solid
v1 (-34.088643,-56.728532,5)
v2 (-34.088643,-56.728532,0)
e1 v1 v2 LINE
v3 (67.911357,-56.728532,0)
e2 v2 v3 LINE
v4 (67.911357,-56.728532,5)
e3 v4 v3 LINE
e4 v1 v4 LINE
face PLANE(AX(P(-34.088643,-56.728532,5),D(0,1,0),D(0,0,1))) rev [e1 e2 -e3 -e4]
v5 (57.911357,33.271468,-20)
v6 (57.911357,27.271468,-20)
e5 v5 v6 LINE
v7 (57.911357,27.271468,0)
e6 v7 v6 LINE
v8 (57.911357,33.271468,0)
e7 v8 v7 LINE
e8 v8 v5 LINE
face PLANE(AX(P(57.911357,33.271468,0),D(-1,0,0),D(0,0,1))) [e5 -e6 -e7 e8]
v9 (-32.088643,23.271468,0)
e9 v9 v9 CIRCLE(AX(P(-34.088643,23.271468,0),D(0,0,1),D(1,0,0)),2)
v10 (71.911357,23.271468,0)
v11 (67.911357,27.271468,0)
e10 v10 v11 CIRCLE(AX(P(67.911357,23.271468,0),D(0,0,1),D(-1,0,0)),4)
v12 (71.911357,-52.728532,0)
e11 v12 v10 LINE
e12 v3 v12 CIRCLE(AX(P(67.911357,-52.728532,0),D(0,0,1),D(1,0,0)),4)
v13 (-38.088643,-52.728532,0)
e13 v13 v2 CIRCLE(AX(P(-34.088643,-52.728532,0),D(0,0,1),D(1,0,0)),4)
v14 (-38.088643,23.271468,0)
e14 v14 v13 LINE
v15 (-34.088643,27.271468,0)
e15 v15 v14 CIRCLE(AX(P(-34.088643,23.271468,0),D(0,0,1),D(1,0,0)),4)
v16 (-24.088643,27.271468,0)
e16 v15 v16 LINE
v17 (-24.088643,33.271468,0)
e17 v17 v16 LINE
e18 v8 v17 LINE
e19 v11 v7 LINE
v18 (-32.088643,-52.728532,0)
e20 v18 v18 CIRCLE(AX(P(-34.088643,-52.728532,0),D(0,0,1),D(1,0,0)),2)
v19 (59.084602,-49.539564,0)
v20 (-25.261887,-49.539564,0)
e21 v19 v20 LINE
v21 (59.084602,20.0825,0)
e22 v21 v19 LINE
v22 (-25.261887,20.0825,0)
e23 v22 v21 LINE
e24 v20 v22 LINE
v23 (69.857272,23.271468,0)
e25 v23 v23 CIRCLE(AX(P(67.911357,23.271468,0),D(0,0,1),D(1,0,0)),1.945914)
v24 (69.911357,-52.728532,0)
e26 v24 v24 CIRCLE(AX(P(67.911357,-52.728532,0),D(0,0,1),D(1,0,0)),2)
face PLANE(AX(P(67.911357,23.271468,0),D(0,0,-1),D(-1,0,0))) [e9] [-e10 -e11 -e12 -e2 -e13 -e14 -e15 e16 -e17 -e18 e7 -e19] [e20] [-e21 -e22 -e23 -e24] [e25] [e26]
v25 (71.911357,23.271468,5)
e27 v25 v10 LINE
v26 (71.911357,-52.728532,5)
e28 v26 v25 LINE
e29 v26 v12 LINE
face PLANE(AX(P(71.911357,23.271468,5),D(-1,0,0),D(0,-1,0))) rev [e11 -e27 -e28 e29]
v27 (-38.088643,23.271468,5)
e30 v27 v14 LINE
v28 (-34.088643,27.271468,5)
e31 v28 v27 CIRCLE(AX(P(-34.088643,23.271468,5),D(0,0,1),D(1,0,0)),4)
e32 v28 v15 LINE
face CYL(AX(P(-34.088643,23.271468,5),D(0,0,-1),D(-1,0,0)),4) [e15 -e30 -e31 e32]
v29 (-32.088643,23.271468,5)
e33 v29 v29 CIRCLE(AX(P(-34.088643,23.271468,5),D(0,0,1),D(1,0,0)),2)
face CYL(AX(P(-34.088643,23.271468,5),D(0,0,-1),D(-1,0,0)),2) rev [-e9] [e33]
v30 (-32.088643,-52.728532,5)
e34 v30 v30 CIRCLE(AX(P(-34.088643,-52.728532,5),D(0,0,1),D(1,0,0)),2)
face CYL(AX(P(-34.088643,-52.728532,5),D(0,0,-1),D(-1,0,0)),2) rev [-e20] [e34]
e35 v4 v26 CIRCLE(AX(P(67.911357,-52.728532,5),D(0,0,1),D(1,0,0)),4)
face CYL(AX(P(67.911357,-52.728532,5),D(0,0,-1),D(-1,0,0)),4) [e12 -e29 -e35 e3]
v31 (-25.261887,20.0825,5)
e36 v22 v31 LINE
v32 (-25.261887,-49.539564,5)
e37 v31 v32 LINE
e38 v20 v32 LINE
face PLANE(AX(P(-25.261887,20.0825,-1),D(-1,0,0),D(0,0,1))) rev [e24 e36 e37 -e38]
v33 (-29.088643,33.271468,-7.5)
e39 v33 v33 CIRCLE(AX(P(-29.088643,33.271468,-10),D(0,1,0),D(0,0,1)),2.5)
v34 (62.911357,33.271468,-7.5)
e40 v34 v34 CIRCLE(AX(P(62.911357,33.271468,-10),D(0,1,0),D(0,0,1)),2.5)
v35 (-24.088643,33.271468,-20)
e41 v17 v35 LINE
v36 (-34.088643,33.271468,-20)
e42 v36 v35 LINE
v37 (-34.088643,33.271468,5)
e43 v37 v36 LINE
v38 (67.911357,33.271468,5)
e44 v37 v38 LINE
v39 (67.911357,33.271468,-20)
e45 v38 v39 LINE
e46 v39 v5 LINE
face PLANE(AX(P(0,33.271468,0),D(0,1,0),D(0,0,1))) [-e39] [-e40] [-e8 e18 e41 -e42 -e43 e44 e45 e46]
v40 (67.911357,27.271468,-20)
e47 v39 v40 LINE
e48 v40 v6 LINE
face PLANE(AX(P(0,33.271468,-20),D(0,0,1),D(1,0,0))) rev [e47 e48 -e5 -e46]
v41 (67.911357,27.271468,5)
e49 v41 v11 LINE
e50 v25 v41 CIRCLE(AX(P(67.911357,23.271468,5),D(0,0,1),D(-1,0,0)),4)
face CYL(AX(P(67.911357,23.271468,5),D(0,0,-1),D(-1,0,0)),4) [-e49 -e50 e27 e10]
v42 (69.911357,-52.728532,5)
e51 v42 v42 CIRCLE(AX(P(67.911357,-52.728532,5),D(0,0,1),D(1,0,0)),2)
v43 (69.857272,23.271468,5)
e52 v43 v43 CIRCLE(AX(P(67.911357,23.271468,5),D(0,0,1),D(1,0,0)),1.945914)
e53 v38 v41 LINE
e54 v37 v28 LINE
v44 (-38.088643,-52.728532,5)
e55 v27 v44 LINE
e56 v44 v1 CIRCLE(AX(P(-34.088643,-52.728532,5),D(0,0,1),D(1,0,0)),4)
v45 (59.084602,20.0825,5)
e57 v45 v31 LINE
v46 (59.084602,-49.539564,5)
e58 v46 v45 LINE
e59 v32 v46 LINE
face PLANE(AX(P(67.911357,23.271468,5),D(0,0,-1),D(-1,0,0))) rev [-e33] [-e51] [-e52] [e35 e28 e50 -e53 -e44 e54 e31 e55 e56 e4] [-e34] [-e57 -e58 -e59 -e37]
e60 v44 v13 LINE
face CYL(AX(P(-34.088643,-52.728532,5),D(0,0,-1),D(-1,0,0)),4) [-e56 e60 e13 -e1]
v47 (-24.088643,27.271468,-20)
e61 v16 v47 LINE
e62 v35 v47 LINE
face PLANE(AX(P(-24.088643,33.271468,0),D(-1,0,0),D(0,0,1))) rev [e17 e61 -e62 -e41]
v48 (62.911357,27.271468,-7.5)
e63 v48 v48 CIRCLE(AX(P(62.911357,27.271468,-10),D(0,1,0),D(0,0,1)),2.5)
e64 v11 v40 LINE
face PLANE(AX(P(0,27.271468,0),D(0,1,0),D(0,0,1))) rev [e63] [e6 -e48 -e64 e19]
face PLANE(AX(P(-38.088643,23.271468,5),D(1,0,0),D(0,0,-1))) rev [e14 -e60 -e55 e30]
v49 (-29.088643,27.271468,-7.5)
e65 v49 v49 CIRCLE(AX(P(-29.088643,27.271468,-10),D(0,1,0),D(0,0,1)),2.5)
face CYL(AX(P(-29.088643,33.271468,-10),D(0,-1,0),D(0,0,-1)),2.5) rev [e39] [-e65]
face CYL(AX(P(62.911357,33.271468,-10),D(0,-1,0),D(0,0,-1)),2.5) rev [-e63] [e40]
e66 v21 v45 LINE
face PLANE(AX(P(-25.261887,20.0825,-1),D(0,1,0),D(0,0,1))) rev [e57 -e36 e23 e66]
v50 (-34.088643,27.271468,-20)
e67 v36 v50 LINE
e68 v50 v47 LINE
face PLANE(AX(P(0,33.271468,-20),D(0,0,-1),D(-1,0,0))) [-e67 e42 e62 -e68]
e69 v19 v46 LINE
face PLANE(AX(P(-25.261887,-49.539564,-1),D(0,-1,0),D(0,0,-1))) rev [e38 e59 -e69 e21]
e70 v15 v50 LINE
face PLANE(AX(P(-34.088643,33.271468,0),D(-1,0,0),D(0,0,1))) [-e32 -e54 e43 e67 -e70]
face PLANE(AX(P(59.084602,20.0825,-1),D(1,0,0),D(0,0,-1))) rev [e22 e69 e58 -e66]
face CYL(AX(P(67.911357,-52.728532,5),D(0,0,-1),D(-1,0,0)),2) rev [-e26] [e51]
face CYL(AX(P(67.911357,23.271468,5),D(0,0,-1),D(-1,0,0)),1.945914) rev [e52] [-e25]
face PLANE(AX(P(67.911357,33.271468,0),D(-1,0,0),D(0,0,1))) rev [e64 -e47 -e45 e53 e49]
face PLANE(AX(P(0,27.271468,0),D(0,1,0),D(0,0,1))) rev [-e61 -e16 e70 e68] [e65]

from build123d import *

# Parameters (mm, degrees)
SKETCH_1_R          = 1.945914192
SKETCH_1_R_2        = 2
EXTRUDE_1_DEPTH     = 5
SKETCH_2_W          = 10
SKETCH_2_H          = 20
SKETCH_2_R          = 2.5
SKETCH_2_H_2        = 5
SKETCH_2_W_2        = 82
EXTRUDE_2_DEPTH     = 6
SKETCH_3_W          = 84.346489647
SKETCH_3_H          = 69.622064444
CUT_EXTRUDE_1_DEPTH = 6


with BuildPart() as part:
    # 草图1 → 凸台-拉伸1 (new body)
    with BuildSketch(Plane.XY):
        with BuildLine():
            Line((-34.088642659, 27.271468144), (67.911357341, 27.271468144))
            ThreePointArc((67.911357341, 27.271468144), (70.739784465, 26.099895269), (71.911357341, 23.271468144))
            Line((71.911357341, 23.271468144), (71.911357341, -52.728531856))
            ThreePointArc((71.911357341, -52.728531856), (70.739784465, -55.556958981), (67.911357341, -56.728531856))
            Line((67.911357341, -56.728531856), (-34.088642659, -56.728531856))
            ThreePointArc((-34.088642659, -56.728531856), (-36.917069784, -55.556958981), (-38.088642659, -52.728531856))
            Line((-38.088642659, -52.728531856), (-38.088642659, 23.271468144))
            ThreePointArc((-38.088642659, 23.271468144), (-36.917069784, 26.099895269), (-34.088642659, 27.271468144))
        make_face()
        with Locations((67.911357341, 23.271468144)):
            Circle(SKETCH_1_R, mode=Mode.SUBTRACT)
        with Locations((-34.088642659, 23.271468144)):
            Circle(SKETCH_1_R_2, mode=Mode.SUBTRACT)
        with Locations((67.911357341, -52.728531856)):
            Circle(SKETCH_1_R_2, mode=Mode.SUBTRACT)
        with Locations((-34.088642659, -52.728531856)):
            Circle(SKETCH_1_R_2, mode=Mode.SUBTRACT)
    extrude(amount=EXTRUDE_1_DEPTH)

    # 草图2 → 凸台-拉伸2 (add)
    # profile 1 of 5: a face of its own
    with BuildSketch(Plane(origin=(0, 27.271468144, 0), x_dir=(1, 0, 0), z_dir=(0, 1, 0))):
        with Locations((-29.088642659, 10)):
            Rectangle(SKETCH_2_W, SKETCH_2_H)
        with Locations(Location((-29.088642659, 10, 0), (0, 0, 270))):
            Circle(SKETCH_2_R, mode=Mode.SUBTRACT)
    # profile 2 of 5: a face of its own
    with BuildSketch(Plane(origin=(0, 27.271468144, 0), x_dir=(1, 0, 0), z_dir=(0, 1, 0))):
        with Locations((-29.088642659, -2.5)):
            Rectangle(SKETCH_2_W, SKETCH_2_H_2)
    # profile 3 of 5: a face of its own
    with BuildSketch(Plane(origin=(0, 27.271468144, 0), x_dir=(1, 0, 0), z_dir=(0, 1, 0))):
        with Locations((16.911357341, -2.5)):
            Rectangle(SKETCH_2_W_2, SKETCH_2_H_2)
    # profile 4 of 5: a face of its own
    with BuildSketch(Plane(origin=(0, 27.271468144, 0), x_dir=(1, 0, 0), z_dir=(0, 1, 0))):
        with Locations((62.911357341, 10)):
            Rectangle(SKETCH_2_W, SKETCH_2_H)
        with Locations(Location((62.911357341, 10, 0), (0, 0, 270))):
            Circle(SKETCH_2_R, mode=Mode.SUBTRACT)
    # profile 5 of 5: a face of its own
    with BuildSketch(Plane(origin=(0, 27.271468144, 0), x_dir=(1, 0, 0), z_dir=(0, 1, 0))):
        with Locations((62.911357341, -2.5)):
            Rectangle(SKETCH_2_W, SKETCH_2_H_2)
    extrude(amount=EXTRUDE_2_DEPTH)

    # 草图3 → 切除-拉伸1 (cut)
    with BuildSketch(Plane.XY.offset(5)):
        with Locations((16.911357341, -14.728531856)):
            Rectangle(SKETCH_3_W, SKETCH_3_H)
    extrude(amount=-CUT_EXTRUDE_1_DEPTH, mode=Mode.SUBTRACT)


solid = part.part
